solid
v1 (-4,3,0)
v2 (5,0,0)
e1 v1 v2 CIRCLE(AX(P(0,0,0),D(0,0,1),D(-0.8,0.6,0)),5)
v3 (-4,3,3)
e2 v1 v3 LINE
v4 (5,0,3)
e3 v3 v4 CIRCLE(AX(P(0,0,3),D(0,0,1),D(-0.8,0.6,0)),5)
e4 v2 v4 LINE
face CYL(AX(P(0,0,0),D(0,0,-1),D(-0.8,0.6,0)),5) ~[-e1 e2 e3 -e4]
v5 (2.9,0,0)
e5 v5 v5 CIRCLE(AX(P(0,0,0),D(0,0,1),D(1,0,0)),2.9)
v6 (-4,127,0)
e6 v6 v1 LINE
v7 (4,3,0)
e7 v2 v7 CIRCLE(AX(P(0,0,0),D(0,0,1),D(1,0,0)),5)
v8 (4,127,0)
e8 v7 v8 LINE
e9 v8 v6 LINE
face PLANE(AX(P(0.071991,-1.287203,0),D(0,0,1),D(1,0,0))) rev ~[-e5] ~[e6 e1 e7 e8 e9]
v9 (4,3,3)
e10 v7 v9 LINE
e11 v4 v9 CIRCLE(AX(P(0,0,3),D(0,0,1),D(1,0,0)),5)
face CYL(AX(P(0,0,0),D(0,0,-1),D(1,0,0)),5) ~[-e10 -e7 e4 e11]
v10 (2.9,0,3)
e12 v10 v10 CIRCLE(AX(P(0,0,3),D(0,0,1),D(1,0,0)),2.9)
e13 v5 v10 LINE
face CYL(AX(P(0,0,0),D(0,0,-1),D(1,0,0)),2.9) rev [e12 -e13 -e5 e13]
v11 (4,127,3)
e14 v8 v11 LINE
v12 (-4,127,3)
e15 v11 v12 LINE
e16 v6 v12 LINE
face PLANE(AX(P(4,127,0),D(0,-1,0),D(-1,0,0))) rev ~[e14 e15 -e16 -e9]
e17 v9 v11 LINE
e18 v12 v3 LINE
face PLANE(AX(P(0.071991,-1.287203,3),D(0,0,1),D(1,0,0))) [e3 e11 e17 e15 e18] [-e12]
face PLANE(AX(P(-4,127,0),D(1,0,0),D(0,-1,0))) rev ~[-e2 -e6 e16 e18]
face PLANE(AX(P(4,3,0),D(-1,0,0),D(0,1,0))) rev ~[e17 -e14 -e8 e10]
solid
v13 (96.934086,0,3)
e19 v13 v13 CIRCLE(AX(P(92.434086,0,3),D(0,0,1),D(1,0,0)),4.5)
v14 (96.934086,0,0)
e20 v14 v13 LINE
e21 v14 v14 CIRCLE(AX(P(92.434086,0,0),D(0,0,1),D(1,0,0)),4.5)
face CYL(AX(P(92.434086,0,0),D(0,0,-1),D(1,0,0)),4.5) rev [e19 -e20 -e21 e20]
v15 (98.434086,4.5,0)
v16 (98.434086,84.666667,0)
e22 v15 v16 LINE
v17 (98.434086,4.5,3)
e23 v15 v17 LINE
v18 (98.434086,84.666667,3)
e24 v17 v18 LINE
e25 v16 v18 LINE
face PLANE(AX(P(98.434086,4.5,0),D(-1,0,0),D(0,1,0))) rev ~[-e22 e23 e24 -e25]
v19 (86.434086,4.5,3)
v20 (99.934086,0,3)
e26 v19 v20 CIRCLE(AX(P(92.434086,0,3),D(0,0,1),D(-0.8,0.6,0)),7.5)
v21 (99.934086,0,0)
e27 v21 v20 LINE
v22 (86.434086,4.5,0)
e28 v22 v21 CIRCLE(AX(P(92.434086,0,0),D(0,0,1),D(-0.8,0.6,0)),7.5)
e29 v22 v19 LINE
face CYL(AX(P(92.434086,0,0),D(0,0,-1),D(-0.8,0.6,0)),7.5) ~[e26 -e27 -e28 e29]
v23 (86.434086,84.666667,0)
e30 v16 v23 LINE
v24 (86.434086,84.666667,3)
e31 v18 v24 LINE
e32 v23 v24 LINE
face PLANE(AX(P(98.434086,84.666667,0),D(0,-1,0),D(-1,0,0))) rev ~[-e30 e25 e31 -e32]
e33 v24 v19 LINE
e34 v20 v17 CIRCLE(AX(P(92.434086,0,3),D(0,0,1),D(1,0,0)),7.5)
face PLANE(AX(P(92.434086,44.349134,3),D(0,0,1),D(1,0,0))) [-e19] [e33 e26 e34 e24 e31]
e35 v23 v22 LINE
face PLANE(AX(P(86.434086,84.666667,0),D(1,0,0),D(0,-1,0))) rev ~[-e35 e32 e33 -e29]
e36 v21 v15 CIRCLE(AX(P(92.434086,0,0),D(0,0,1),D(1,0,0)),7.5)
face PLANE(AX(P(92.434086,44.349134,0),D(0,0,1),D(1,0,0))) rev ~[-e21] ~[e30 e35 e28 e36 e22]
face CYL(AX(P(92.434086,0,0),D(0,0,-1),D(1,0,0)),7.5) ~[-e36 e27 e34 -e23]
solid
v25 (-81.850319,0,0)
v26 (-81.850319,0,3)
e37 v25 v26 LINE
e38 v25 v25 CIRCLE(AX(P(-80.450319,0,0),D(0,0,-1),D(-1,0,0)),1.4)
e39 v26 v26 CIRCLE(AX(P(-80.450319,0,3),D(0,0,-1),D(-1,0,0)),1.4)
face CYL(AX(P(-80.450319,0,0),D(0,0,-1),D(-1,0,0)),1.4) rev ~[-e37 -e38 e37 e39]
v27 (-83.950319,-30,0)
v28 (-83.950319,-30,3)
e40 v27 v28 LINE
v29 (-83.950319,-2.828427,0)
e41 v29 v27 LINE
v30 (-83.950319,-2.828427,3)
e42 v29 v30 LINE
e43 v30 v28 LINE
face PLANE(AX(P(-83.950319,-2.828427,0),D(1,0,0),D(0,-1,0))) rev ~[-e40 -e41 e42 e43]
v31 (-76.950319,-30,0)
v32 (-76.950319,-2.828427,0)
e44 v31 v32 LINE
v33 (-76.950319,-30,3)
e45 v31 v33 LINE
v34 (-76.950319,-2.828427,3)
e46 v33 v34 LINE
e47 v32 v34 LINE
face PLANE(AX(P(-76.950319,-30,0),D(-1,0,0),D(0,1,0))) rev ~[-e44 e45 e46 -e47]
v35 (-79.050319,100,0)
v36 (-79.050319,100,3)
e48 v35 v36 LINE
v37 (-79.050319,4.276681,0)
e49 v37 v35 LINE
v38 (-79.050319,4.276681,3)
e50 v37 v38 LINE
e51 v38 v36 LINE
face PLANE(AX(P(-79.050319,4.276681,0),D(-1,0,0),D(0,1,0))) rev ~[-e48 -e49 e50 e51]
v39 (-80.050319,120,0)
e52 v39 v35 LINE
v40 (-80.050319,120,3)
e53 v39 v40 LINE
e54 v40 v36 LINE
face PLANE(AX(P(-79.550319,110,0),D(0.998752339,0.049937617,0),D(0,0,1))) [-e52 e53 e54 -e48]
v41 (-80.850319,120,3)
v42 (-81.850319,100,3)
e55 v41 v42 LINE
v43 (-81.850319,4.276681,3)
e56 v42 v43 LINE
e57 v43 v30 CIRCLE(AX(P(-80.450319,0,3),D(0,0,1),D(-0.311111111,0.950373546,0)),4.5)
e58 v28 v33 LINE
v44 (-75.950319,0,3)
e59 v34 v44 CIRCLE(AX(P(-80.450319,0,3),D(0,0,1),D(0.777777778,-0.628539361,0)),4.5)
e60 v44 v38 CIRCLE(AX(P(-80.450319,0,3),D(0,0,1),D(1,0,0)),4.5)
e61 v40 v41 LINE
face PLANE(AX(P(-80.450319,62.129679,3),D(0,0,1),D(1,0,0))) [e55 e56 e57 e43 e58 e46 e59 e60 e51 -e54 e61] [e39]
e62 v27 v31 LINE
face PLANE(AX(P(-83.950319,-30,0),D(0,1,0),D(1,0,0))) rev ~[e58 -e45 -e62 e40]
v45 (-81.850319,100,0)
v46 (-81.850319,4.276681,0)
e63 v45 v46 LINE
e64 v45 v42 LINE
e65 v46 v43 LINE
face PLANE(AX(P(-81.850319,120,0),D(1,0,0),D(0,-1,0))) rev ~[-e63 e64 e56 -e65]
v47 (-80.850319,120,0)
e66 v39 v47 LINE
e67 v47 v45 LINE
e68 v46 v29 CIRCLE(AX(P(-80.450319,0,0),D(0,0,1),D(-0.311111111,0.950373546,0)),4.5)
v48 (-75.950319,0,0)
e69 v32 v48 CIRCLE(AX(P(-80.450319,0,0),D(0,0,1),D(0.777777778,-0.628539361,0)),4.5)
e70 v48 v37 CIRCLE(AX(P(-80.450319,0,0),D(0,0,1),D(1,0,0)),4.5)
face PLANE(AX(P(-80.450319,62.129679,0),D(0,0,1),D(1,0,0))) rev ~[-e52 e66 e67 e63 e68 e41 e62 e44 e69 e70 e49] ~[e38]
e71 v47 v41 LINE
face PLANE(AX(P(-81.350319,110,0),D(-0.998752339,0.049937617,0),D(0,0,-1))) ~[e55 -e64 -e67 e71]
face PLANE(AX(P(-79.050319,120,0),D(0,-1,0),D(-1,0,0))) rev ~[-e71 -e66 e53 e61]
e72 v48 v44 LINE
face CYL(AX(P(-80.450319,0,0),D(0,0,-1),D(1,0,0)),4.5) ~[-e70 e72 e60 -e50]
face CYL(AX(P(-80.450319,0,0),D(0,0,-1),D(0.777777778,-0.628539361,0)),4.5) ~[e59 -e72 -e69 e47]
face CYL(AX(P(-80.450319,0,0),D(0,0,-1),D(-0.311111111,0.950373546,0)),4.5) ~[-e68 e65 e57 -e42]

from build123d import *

# Parameters (mm, degrees)
F1_DEPTH = 3
F0_R     = 2.9
F0_R_2   = 4.5
F2_SIZE2 = 20
F2_SIZE  = 1


with BuildPart() as f1:
    # F0 (on Top) → F1 (new body)
    with BuildSketch(Plane.XY):
        with BuildLine():
            Line((-81.8503187537, 120), (-81.8503187537, 4.2766809561))
            ThreePointArc((-81.8503187537, 4.2766809561), (-80.4503187537, 4.5), (-79.0503187537, 4.2766809561))
            Line((-79.0503187537, 4.2766809561), (-79.0503187537, 120))
            Line((-79.0503187537, 120), (-81.8503187537, 120))
        make_face()
        with BuildLine():
            ThreePointArc((-76.9503187537, -2.8284271247), (-80.4503187537, -4.5), (-83.9503187537, -2.8284271247))
            Line((-83.9503187537, -2.8284271247), (-83.9503187537, -30))
            Line((-83.9503187537, -30), (-76.9503187537, -30))
            Line((-76.9503187537, -30), (-76.9503187537, -2.8284271247))
        make_face()
        with BuildLine():
            ThreePointArc((-76.9503187537, 0), (-80.4503187537, -3.5), (-83.9503187537, 0))
            Line((-83.9503187537, 0), (-83.9503187537, -2.8284271247))
            ThreePointArc((-83.9503187537, -2.8284271247), (-80.4503187537, -4.5), (-76.9503187537, -2.8284271247))
            Line((-76.9503187537, -2.8284271247), (-76.9503187537, 0))
        make_face()
        with BuildLine():
            Line((-79.0503187537, 4.2766809561), (-79.0503187537, 3.2078029865))
            ThreePointArc((-79.0503187537, 3.2078029865), (-77.5220086609, 1.9170289513), (-76.9503187537, 0))
            Line((-76.9503187537, 0), (-76.9503187537, -2.8284271247))
            ThreePointArc((-76.9503187537, -2.8284271247), (-76.2076780666, -1.5), (-75.9503187537, 0))
            ThreePointArc((-75.9503187537, 0), (-76.8068314133, 2.6410225292), (-79.0503187537, 4.2766809561))
        make_face()
        with BuildLine():
            ThreePointArc((-79.0503187537, 0), (-80.4503187537, -1.4), (-81.8503187537, 0))
            Line((-81.8503187537, 0), (-83.9503187537, 0))
            ThreePointArc((-83.9503187537, 0), (-80.4503187537, -3.5), (-76.9503187537, 0))
            Line((-76.9503187537, 0), (-79.0503187537, 0))
        make_face()
        with BuildLine():
            ThreePointArc((-83.9503187537, 0), (-83.3786288466, 1.9170289513), (-81.8503187537, 3.2078029865))
            Line((-81.8503187537, 3.2078029865), (-81.8503187537, 4.2766809561))
            ThreePointArc((-81.8503187537, 4.2766809561), (-84.7657724043, 1.2754841394), (-83.9503187537, -2.8284271247))
            Line((-83.9503187537, -2.8284271247), (-83.9503187537, 0))
        make_face()
        with BuildLine():
            Line((-81.8503187537, 4.2766809561), (-81.8503187537, 3.2078029865))
            ThreePointArc((-81.8503187537, 3.2078029865), (-80.4503187537, 3.5), (-79.0503187537, 3.2078029865))
            Line((-79.0503187537, 3.2078029865), (-79.0503187537, 4.2766809561))
            ThreePointArc((-79.0503187537, 4.2766809561), (-80.4503187537, 4.5), (-81.8503187537, 4.2766809561))
        make_face()
        with BuildLine():
            Line((-81.8503187537, 3.2078029865), (-81.8503187537, 0))
            ThreePointArc((-81.8503187537, 0), (-80.4503187537, 1.4), (-79.0503187537, 0))
            Line((-79.0503187537, 0), (-79.0503187537, 3.2078029865))
            ThreePointArc((-79.0503187537, 3.2078029865), (-80.4503187537, 3.5), (-81.8503187537, 3.2078029865))
        make_face()
        with BuildLine():
            Line((-79.0503187537, 3.2078029865), (-79.0503187537, 0))
            Line((-79.0503187537, 0), (-76.9503187537, 0))
            ThreePointArc((-76.9503187537, 0), (-77.5220086609, 1.9170289513), (-79.0503187537, 3.2078029865))
        make_face()
        with BuildLine():
            Line((-83.9503187537, 0), (-81.8503187537, 0))
            Line((-81.8503187537, 0), (-81.8503187537, 3.2078029865))
            ThreePointArc((-81.8503187537, 3.2078029865), (-83.3786288466, 1.9170289513), (-83.9503187537, 0))
        make_face()
    extrude(amount=F1_DEPTH)

    # F2
    f2_edges = [f1.edges().sort_by_distance(p)[0] for p in [
        (-79.050319, 120, 1.5),
        (-81.850319, 120, 1.5),
    ]]
    f2_side = f1.faces().sort_by_distance((-80.450319, 120, 1.5))[0]
    chamfer(f2_edges, length=F2_SIZE, length2=F2_SIZE2, reference=f2_side)


with BuildPart() as f1b:
    # F0 (on Top) → F1, piece 2 (new body)
    with BuildSketch(Plane.XY):
        with BuildLine():
            Line((4, 3), (4, 0))
            ThreePointArc((4, 0), (0, -4), (-4, 0))
            Line((-4, 0), (-4, 3))
            ThreePointArc((-4, 3), (-1.5811388301, -4.7434164903), (5, 0))
            ThreePointArc((5, 0), (4.7434164903, 1.5811388301), (4, 3))
        make_face()
        with BuildLine():
            ThreePointArc((-4, 0), (0, -4), (4, 0))
            ThreePointArc((4, 0), (0, 4), (-4, 0))
        make_face()
        Circle(F0_R, mode=Mode.SUBTRACT)
        with BuildLine():
            ThreePointArc((-4, 0), (0, 4), (4, 0))
            Line((4, 0), (4, 3))
            ThreePointArc((4, 3), (0, 5), (-4, 3))
            Line((-4, 3), (-4, 0))
        make_face()
        with BuildLine():
            ThreePointArc((-4, 3), (0, 5), (4, 3))
            Line((4, 3), (4, 127))
            Line((4, 127), (-4, 127))
            Line((-4, 127), (-4, 3))
        make_face()
    extrude(amount=F1_DEPTH)


with BuildPart() as f1c:
    # F0 (on Top) → F1, piece 3 (new body)
    with BuildSketch(Plane.XY):
        with BuildLine():
            ThreePointArc((86.4340859056, 4.5), (92.4340859056, 7.5), (98.4340859056, 4.5))
            Line((98.4340859056, 4.5), (98.4340859056, 84.6666666667))
            Line((98.4340859056, 84.6666666667), (86.4340859056, 84.6666666667))
            Line((86.4340859056, 84.6666666667), (86.4340859056, 4.5))
        make_face()
        with BuildLine():
            Line((98.4340859056, 0), (98.4340859056, 4.5))
            ThreePointArc((98.4340859056, 4.5), (92.4340859056, 7.5), (86.4340859056, 4.5))
            Line((86.4340859056, 4.5), (86.4340859056, 0))
            ThreePointArc((86.4340859056, 0), (92.4340859056, 6), (98.4340859056, 0))
        make_face()
        with BuildLine():
            ThreePointArc((86.4340859056, 0), (92.4340859056, -6), (98.4340859056, 0))
            ThreePointArc((98.4340859056, 0), (92.4340859056, 6), (86.4340859056, 0))
        make_face()
        with Locations((92.4340859056, 0)):
            Circle(F0_R_2, mode=Mode.SUBTRACT)
        with BuildLine():
            ThreePointArc((86.4340859056, 4.5), (90.0623776604, -7.1151247354), (99.9340859056, 0))
            ThreePointArc((99.9340859056, 0), (99.5492106409, 2.3717082451), (98.4340859056, 4.5))
            Line((98.4340859056, 4.5), (98.4340859056, 0))
            ThreePointArc((98.4340859056, 0), (92.4340859056, -6), (86.4340859056, 0))
            Line((86.4340859056, 0), (86.4340859056, 4.5))
        make_face()
    extrude(amount=F1_DEPTH)


solid = Compound([f1.part, f1b.part, f1c.part])
